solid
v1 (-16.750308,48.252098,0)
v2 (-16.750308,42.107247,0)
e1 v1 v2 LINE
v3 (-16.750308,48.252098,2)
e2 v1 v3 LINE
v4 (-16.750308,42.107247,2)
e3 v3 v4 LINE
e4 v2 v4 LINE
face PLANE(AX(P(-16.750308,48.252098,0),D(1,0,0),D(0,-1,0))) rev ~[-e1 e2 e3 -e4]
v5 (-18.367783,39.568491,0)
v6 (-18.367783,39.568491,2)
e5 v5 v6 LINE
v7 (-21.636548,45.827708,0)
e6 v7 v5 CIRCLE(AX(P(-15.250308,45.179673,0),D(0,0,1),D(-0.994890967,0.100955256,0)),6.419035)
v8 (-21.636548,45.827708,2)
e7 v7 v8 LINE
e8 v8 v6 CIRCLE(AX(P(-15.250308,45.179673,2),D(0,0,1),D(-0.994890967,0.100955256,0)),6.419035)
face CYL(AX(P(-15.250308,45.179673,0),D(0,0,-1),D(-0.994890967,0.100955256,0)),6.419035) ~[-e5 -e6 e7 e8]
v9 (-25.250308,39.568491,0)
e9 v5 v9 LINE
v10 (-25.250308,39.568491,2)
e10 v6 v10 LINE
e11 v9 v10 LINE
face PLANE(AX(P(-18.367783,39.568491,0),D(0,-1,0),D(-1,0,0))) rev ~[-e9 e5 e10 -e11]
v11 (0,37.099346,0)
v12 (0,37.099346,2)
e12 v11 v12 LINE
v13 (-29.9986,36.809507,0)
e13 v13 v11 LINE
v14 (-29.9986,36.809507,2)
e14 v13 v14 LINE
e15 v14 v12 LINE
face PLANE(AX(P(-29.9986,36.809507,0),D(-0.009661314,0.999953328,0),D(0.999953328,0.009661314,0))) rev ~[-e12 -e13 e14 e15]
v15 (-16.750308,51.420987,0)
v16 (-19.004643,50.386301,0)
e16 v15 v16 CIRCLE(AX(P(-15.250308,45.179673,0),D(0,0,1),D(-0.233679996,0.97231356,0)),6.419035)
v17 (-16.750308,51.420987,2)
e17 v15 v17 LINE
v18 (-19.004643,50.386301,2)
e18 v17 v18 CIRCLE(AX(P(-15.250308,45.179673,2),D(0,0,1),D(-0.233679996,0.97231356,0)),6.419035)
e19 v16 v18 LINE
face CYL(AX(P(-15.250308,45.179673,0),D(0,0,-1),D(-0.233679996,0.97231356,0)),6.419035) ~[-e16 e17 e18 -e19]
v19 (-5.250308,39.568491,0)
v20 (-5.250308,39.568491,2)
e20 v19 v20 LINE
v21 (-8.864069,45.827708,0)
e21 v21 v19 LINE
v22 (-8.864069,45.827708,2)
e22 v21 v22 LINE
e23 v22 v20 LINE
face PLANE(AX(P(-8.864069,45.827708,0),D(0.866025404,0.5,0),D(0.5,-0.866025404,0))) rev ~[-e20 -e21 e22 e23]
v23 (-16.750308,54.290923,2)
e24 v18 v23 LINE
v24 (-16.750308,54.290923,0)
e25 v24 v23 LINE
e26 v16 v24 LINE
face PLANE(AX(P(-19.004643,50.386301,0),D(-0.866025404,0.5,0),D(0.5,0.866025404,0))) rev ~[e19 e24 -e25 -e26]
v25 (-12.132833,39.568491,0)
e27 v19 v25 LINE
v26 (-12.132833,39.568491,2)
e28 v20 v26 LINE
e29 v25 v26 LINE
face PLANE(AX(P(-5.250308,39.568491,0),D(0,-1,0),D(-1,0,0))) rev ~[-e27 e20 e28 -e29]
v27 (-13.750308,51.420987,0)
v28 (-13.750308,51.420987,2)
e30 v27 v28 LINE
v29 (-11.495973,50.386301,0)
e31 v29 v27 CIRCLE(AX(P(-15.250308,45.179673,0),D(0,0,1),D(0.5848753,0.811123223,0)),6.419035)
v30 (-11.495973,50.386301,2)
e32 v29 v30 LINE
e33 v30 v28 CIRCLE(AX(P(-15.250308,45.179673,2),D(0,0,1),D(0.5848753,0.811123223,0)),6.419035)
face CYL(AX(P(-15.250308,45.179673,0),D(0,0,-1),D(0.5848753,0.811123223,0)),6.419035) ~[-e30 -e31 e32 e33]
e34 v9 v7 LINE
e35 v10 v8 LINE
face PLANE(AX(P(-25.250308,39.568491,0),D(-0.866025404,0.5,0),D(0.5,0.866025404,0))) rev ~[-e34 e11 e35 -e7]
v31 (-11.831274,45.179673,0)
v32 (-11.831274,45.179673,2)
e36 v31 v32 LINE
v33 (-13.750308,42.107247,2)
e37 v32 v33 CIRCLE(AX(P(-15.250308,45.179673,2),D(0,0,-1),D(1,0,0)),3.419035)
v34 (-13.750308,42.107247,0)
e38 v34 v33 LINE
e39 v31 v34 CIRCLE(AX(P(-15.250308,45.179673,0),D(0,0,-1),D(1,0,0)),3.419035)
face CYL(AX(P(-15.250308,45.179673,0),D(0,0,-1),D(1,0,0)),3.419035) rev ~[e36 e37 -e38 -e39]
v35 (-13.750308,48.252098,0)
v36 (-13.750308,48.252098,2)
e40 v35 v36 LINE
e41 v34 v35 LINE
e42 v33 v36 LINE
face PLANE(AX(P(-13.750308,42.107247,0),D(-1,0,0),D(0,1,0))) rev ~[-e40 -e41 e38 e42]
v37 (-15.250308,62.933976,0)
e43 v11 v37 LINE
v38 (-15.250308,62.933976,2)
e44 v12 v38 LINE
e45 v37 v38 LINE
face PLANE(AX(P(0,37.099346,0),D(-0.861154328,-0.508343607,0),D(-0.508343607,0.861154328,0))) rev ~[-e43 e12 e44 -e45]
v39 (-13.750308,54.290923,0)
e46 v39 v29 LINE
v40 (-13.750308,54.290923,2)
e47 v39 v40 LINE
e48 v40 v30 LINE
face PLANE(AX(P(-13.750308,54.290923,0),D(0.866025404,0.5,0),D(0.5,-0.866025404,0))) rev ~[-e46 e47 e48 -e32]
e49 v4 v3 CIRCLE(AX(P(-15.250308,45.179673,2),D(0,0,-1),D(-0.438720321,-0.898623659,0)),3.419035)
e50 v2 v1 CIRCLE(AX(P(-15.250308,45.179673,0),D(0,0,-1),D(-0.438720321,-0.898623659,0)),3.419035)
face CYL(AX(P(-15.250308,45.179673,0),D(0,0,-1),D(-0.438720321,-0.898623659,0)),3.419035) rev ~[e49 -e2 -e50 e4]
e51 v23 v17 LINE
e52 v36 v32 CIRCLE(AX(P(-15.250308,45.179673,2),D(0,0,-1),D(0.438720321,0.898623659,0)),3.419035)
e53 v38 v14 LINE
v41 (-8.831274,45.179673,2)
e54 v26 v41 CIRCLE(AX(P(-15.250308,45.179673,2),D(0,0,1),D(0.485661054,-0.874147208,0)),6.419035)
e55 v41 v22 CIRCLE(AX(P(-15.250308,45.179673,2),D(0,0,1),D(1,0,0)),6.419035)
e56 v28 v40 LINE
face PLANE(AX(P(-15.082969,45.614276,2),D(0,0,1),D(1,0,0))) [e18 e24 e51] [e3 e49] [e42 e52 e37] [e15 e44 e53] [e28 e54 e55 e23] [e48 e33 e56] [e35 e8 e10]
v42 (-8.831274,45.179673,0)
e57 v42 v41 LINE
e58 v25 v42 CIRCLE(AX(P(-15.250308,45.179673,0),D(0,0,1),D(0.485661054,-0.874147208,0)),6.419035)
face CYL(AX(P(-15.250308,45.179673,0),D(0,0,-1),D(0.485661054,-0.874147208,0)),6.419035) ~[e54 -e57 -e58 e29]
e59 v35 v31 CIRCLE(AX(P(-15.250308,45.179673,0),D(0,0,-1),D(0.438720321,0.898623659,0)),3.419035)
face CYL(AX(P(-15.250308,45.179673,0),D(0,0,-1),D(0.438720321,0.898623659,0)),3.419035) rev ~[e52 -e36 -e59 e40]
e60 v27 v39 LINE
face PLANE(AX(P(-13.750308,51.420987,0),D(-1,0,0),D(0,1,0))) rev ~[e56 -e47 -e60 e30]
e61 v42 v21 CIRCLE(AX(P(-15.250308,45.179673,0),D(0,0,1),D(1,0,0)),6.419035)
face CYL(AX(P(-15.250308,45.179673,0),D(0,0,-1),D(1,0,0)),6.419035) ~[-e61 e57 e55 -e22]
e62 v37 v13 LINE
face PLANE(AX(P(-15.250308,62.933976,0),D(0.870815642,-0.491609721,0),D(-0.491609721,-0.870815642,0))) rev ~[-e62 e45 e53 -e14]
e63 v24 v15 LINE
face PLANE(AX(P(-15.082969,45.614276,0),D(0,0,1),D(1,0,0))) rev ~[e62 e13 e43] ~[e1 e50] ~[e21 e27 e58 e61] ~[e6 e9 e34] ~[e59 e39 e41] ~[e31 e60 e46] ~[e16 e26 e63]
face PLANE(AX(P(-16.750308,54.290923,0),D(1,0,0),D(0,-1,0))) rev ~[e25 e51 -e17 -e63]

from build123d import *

# Parameters (mm, degrees)
F1_DEPTH = 2


with BuildPart() as f1:
    # F0 (on Top) → F1 (new body)
    with BuildSketch(Plane.XY):
        Polygon((0, 37.0993459599), (-15.2503082156, 62.9339758068), (-29.9985998526, 36.8095065531), align=None)
        with BuildLine():
            Line((-16.7503082156, 54.2909231444), (-15.2503082156, 56.8889993558))
            Line((-15.2503082156, 56.8889993558), (-13.7503082156, 54.2909231444))
            Line((-13.7503082156, 54.2909231444), (-11.4959733703, 50.3863006551))
            ThreePointArc((-11.4959733703, 50.3863006551), (-9.6912610985, 48.3891898888), (-8.8640685766, 45.8277078316))
            Line((-8.8640685766, 45.8277078316), (-5.2503082156, 39.5684912801))
            Line((-5.2503082156, 39.5684912801), (-12.1328330603, 39.5684912801))
            ThreePointArc((-12.1328330603, 39.5684912801), (-15.2503082156, 38.7606378402), (-18.367783371, 39.5684912801))
            Line((-18.367783371, 39.5684912801), (-25.2503082156, 39.5684912801))
            Line((-25.2503082156, 39.5684912801), (-21.6365478547, 45.8277078316))
            ThreePointArc((-21.6365478547, 45.8277078316), (-20.8093553328, 48.3891898888), (-19.0046430609, 50.3863006551))
            Line((-19.0046430609, 50.3863006551), (-16.7503082156, 54.2909231444))
        make_face(mode=Mode.SUBTRACT)
        with BuildLine():
            Line((-8.8640685766, 45.8277078316), (-11.4959733703, 50.3863006551))
            ThreePointArc((-11.4959733703, 50.3863006551), (-12.5726875114, 51.0135695071), (-13.7503082156, 51.4209870216))
            Line((-13.7503082156, 51.4209870216), (-13.7503082156, 48.25209801))
            ThreePointArc((-13.7503082156, 48.25209801), (-12.3504504327, 46.9909215868), (-11.8312735166, 45.1796725392))
            ThreePointArc((-11.8312735166, 45.1796725392), (-12.3504504327, 43.3684234917), (-13.7503082156, 42.1072470685))
            Line((-13.7503082156, 42.1072470685), (-13.7503082156, 39.5684912801))
            Line((-13.7503082156, 39.5684912801), (-12.1328330603, 39.5684912801))
            ThreePointArc((-12.1328330603, 39.5684912801), (-9.7178951949, 41.9244593917), (-8.8312735166, 45.1796725392))
            ThreePointArc((-8.8312735166, 45.1796725392), (-8.8394775243, 45.5041048342), (-8.8640685766, 45.8277078316))
        make_face()
        with BuildLine():
            ThreePointArc((-16.7503082156, 51.4209870216), (-17.9279289199, 51.0135695071), (-19.0046430609, 50.3863006551))
            Line((-19.0046430609, 50.3863006551), (-21.6365478547, 45.8277078316))
            ThreePointArc((-21.6365478547, 45.8277078316), (-20.9401761124, 42.208240261), (-18.367783371, 39.5684912801))
            Line((-18.367783371, 39.5684912801), (-16.7503082156, 39.5684912801))
            Line((-16.7503082156, 39.5684912801), (-16.7503082156, 42.1072470685))
            ThreePointArc((-16.7503082156, 42.1072470685), (-18.6693429147, 45.1796725392), (-16.7503082156, 48.25209801))
            Line((-16.7503082156, 48.25209801), (-16.7503082156, 51.4209870216))
        make_face()
        with BuildLine():
            Line((-16.7503082156, 39.5684912801), (-18.367783371, 39.5684912801))
            ThreePointArc((-18.367783371, 39.5684912801), (-15.2503082156, 38.7606378402), (-12.1328330603, 39.5684912801))
            Line((-12.1328330603, 39.5684912801), (-13.7503082156, 39.5684912801))
            Line((-13.7503082156, 39.5684912801), (-16.7503082156, 39.5684912801))
        make_face()
        with BuildLine():
            ThreePointArc((-13.7503082156, 51.4209870216), (-15.2503082156, 51.5987072383), (-16.7503082156, 51.4209870216))
            Line((-16.7503082156, 51.4209870216), (-16.7503082156, 48.25209801))
            ThreePointArc((-16.7503082156, 48.25209801), (-15.2503082156, 48.5987072383), (-13.7503082156, 48.25209801))
            Line((-13.7503082156, 48.25209801), (-13.7503082156, 51.4209870216))
        make_face()
        with BuildLine():
            ThreePointArc((-13.7503082156, 48.25209801), (-15.2503082156, 48.5987072383), (-16.7503082156, 48.25209801))
            Line((-16.7503082156, 48.25209801), (-16.7503082156, 42.1072470685))
            ThreePointArc((-16.7503082156, 42.1072470685), (-15.2503082156, 41.7606378402), (-13.7503082156, 42.1072470685))
            Line((-13.7503082156, 42.1072470685), (-13.7503082156, 48.25209801))
        make_face()
        with BuildLine():
            Line((-13.7503082156, 54.2909231444), (-15.2503082156, 56.8889993558))
            Line((-15.2503082156, 56.8889993558), (-16.7503082156, 54.2909231444))
            Line((-16.7503082156, 54.2909231444), (-16.7503082156, 51.4209870216))
            ThreePointArc((-16.7503082156, 51.4209870216), (-15.2503082156, 51.5987072383), (-13.7503082156, 51.4209870216))
            Line((-13.7503082156, 51.4209870216), (-13.7503082156, 54.2909231444))
        make_face()
        with BuildLine():
            Line((-21.6365478547, 45.8277078316), (-19.0046430609, 50.3863006551))
            ThreePointArc((-19.0046430609, 50.3863006551), (-20.8093553328, 48.3891898888), (-21.6365478547, 45.8277078316))
        make_face()
        with BuildLine():
            ThreePointArc((-8.8640685766, 45.8277078316), (-9.6912610985, 48.3891898888), (-11.4959733703, 50.3863006551))
            Line((-11.4959733703, 50.3863006551), (-8.8640685766, 45.8277078316))
        make_face()
        with BuildLine():
            ThreePointArc((-13.7503082156, 42.1072470685), (-15.2503082156, 41.7606378402), (-16.7503082156, 42.1072470685))
            Line((-16.7503082156, 42.1072470685), (-16.7503082156, 39.5684912801))
            Line((-16.7503082156, 39.5684912801), (-13.7503082156, 39.5684912801))
            Line((-13.7503082156, 39.5684912801), (-13.7503082156, 42.1072470685))
        make_face()
    extrude(amount=F1_DEPTH)


solid = f1.part
